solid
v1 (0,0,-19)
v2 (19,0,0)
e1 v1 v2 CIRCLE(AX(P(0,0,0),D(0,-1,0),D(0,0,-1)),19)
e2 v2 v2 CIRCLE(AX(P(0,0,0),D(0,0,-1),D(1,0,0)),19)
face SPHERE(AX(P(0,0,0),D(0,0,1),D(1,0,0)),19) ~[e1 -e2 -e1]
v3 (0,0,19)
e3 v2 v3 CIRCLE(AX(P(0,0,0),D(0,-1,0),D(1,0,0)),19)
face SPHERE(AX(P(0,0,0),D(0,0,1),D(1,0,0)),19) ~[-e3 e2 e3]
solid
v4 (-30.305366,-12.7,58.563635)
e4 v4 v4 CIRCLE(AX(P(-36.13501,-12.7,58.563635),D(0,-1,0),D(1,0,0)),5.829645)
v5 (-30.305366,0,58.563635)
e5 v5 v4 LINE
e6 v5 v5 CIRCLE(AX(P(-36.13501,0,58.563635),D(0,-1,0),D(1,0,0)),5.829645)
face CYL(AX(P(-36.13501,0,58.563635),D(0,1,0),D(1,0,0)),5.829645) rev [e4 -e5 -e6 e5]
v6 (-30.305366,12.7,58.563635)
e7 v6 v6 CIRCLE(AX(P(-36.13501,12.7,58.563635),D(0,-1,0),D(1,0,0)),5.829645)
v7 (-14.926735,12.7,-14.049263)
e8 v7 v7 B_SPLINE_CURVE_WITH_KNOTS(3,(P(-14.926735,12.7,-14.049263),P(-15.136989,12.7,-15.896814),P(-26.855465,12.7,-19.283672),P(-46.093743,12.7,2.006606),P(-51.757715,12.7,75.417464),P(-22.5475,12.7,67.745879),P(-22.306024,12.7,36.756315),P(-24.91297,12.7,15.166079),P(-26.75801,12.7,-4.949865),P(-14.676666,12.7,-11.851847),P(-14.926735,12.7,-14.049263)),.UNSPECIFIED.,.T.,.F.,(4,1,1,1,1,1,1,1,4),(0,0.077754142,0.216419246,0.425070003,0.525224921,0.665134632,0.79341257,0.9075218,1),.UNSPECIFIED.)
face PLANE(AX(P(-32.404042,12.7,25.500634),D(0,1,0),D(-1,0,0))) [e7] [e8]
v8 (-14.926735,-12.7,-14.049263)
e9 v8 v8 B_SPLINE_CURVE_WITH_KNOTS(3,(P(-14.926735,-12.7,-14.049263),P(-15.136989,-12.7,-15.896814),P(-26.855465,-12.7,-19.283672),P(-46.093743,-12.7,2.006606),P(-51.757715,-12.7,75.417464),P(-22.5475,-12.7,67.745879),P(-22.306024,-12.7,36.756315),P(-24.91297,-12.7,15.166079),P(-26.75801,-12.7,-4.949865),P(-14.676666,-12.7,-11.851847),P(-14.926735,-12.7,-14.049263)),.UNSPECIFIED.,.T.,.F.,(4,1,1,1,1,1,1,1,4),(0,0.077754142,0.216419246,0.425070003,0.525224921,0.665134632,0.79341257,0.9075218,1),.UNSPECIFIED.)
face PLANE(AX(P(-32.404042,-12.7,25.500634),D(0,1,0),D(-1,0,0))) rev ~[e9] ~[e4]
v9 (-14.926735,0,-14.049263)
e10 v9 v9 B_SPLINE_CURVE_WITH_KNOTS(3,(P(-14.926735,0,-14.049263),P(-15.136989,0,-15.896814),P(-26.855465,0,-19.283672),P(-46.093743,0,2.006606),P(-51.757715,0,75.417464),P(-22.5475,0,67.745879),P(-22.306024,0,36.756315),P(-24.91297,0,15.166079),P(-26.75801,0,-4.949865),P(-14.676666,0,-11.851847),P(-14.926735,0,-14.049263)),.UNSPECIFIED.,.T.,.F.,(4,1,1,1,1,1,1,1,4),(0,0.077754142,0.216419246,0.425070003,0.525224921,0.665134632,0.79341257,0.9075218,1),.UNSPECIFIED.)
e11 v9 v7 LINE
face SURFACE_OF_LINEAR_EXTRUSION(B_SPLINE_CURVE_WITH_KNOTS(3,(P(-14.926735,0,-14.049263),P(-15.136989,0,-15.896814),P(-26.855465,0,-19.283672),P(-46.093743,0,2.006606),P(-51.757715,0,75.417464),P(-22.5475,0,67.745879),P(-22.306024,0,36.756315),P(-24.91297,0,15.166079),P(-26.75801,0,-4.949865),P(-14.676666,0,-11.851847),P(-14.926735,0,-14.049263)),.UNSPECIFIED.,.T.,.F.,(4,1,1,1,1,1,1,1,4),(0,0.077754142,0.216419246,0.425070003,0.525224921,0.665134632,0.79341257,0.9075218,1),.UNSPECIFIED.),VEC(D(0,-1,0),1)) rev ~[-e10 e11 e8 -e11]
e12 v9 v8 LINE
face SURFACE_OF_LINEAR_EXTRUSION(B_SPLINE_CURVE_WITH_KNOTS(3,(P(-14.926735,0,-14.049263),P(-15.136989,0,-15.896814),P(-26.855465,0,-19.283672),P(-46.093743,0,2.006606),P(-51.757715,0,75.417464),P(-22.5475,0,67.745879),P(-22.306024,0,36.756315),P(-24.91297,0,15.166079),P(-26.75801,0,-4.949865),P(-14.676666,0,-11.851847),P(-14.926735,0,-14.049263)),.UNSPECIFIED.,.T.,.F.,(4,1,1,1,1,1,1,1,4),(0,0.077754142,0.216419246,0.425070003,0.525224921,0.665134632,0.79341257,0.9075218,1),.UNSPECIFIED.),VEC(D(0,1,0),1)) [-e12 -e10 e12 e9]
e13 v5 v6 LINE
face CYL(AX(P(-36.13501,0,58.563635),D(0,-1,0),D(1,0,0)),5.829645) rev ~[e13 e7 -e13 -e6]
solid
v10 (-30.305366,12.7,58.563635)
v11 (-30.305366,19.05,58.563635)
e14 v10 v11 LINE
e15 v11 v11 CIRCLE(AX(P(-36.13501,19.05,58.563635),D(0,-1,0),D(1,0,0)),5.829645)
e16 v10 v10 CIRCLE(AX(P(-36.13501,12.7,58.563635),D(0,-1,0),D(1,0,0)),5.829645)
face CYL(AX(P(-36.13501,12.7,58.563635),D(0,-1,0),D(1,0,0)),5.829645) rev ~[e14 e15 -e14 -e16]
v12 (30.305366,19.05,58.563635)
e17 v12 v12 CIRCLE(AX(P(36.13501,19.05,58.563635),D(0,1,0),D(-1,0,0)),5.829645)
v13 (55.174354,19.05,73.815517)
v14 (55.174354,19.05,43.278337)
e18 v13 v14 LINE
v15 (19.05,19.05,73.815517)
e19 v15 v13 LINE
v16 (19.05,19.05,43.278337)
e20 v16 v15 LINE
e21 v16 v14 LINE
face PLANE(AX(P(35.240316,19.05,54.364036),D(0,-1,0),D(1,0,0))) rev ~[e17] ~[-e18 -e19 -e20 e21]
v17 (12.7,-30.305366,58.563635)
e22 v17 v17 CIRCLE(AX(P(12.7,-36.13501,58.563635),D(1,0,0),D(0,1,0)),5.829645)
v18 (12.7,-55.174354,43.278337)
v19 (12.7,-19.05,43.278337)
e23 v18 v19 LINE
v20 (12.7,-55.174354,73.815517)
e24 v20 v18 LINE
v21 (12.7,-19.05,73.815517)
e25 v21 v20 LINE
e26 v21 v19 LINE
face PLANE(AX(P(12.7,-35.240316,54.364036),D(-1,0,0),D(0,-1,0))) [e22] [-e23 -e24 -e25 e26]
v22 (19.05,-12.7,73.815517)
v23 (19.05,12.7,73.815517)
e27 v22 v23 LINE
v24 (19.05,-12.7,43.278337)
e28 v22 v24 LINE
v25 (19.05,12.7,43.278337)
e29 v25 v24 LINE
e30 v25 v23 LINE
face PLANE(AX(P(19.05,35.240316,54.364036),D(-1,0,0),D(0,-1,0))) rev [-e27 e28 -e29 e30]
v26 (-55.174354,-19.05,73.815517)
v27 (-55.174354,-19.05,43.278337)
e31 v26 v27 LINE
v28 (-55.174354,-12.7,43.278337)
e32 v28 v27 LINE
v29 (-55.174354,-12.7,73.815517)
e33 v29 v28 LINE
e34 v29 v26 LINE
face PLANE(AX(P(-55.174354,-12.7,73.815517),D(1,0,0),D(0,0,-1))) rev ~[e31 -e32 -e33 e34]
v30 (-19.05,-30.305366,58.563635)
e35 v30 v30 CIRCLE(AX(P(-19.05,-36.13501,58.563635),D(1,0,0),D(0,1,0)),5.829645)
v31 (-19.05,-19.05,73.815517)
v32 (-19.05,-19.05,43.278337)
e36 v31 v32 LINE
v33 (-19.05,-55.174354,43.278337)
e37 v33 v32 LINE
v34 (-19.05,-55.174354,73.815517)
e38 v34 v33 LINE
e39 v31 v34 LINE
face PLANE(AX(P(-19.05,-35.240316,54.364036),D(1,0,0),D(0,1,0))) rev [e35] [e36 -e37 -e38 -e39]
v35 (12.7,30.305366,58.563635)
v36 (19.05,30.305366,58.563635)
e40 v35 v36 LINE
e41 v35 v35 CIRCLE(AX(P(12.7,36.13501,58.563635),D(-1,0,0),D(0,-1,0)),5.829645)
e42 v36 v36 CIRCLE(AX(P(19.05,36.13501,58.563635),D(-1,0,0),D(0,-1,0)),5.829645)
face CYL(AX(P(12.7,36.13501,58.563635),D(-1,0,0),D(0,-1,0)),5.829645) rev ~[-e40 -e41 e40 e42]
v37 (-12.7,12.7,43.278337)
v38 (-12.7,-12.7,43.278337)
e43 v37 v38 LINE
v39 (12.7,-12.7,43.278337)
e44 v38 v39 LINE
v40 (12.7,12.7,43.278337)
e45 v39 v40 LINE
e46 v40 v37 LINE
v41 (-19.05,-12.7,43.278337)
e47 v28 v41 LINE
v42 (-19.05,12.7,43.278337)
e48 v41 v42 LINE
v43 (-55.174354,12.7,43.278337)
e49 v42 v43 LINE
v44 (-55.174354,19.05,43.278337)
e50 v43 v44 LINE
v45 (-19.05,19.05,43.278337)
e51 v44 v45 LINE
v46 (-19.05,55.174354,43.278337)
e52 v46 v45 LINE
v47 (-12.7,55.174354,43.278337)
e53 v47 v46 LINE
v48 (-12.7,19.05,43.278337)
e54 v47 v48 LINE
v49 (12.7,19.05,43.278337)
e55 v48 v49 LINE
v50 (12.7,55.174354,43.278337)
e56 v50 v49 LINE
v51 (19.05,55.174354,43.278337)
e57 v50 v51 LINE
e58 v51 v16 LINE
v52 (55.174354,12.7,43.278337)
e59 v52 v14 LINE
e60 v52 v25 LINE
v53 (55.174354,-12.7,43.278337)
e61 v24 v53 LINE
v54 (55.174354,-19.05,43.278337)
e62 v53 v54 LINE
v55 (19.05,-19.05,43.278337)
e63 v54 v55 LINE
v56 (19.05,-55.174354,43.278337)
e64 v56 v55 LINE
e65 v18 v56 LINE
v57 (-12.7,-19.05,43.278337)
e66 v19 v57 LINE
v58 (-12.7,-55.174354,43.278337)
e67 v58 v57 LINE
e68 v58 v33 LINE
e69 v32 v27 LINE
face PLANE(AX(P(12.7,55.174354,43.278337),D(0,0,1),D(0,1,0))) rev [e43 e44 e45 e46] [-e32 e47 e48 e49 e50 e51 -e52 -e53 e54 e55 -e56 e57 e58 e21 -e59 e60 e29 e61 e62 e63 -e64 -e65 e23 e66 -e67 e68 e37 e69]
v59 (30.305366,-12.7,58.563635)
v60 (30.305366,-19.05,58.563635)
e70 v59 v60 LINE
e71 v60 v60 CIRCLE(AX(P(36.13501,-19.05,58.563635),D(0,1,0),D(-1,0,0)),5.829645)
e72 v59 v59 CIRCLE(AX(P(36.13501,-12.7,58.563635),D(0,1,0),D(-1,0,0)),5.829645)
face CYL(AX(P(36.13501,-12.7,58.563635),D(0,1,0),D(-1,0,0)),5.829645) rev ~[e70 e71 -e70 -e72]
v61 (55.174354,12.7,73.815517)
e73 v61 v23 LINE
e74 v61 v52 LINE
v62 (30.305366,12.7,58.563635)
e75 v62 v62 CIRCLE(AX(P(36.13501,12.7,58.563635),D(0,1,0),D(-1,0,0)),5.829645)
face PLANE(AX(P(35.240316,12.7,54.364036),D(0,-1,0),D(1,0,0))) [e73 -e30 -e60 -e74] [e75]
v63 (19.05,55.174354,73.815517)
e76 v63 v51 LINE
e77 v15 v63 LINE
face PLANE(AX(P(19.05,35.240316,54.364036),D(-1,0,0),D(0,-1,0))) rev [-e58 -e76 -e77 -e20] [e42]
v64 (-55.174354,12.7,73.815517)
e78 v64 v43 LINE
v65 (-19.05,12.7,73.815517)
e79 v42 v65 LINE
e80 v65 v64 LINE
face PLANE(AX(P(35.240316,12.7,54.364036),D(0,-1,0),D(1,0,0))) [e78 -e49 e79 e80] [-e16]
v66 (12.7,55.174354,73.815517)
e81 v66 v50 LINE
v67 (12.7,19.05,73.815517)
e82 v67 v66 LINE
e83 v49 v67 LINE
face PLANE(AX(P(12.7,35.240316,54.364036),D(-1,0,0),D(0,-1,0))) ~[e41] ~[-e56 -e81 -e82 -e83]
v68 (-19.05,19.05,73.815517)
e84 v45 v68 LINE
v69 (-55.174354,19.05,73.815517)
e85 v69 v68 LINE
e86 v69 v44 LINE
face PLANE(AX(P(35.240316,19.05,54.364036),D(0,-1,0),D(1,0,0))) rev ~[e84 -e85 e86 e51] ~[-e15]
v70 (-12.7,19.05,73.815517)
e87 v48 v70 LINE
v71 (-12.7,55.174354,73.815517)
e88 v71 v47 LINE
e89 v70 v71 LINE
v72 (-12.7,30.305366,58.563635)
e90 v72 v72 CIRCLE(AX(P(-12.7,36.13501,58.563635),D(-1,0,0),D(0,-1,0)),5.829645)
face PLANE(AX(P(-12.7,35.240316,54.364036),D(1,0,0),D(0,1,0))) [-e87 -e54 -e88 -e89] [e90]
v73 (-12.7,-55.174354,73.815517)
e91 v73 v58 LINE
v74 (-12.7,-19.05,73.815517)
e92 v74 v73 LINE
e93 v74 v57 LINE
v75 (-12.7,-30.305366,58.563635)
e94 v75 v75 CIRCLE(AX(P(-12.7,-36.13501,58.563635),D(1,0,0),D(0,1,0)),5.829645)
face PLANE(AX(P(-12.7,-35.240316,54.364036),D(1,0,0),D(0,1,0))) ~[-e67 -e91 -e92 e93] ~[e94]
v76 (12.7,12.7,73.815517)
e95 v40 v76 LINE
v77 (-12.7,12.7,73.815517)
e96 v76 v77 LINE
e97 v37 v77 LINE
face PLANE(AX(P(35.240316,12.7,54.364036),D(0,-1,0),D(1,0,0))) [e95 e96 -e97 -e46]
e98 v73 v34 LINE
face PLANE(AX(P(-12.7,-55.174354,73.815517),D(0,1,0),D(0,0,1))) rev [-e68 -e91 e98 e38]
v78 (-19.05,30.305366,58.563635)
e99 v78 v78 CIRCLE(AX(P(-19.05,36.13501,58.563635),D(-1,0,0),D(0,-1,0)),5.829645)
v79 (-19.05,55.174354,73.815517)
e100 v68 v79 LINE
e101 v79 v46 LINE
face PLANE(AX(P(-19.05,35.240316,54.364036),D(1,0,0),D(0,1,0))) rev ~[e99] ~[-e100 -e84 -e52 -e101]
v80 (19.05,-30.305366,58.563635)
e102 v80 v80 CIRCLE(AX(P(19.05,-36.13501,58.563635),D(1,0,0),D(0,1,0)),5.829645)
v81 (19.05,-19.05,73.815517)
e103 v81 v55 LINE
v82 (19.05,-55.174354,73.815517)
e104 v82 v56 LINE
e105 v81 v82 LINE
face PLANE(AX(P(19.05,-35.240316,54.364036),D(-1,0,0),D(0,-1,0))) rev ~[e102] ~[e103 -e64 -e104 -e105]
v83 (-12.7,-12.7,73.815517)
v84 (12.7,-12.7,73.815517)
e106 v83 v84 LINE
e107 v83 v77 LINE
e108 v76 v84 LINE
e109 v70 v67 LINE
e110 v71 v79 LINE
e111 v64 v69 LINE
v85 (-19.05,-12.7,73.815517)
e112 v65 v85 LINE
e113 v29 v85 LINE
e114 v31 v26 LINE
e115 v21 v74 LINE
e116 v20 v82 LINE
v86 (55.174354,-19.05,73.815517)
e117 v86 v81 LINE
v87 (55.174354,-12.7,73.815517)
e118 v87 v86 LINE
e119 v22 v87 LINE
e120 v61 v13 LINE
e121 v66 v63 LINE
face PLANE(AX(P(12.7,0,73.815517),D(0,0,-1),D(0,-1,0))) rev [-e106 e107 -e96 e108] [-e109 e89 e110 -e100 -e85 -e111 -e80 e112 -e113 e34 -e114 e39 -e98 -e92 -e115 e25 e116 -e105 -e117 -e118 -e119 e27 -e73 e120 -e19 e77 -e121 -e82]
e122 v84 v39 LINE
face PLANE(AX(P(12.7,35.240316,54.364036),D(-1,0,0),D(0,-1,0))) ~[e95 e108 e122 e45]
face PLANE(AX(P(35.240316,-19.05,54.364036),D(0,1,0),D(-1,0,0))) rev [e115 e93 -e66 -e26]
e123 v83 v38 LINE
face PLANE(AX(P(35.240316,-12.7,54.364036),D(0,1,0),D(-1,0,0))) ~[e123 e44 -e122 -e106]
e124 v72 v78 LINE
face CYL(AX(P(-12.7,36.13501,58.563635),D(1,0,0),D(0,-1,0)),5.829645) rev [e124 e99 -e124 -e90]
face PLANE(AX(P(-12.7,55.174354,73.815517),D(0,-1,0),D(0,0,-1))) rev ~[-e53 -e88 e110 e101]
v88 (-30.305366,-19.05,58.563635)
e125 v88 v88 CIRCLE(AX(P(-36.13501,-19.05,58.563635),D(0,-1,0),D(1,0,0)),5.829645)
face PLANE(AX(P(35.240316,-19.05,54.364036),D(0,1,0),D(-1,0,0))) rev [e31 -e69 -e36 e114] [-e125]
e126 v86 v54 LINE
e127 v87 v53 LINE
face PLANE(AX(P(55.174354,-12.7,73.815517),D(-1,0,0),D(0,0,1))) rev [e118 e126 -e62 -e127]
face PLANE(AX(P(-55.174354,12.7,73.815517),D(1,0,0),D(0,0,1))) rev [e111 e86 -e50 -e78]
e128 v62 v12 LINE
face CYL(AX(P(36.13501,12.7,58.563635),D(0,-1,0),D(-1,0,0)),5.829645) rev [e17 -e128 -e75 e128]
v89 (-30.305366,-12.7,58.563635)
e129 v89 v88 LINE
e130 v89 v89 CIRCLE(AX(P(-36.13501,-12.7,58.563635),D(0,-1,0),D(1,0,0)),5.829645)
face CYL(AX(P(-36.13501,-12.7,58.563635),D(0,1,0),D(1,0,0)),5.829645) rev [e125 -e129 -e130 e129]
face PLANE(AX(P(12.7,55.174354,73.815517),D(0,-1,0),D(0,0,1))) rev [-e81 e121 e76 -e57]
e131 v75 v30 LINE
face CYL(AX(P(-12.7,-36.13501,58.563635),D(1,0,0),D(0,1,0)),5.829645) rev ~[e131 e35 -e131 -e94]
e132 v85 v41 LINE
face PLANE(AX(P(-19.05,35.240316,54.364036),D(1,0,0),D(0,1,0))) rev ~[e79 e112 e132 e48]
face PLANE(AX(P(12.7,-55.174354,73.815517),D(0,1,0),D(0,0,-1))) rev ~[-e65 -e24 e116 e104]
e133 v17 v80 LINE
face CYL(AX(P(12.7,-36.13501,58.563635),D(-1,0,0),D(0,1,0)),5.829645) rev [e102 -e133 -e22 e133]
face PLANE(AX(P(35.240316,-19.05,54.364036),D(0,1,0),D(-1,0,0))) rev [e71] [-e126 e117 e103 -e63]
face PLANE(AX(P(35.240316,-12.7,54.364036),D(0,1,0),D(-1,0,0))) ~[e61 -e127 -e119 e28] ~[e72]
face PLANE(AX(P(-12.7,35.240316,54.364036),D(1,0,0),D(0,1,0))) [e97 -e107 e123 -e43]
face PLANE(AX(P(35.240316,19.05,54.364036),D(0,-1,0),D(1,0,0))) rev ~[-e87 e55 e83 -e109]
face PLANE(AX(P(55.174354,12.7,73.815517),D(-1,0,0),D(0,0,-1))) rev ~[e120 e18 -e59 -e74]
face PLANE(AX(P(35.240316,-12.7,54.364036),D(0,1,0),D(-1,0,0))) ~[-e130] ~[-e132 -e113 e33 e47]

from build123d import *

# Parameters (mm, degrees)
F0_R     = 5.8296448985
F1_DEPTH = 12.7
F2_R     = 5.8296448985
F3_DEPTH = 6.35
F7_COUNT = 2
F7_ANGLE = 90


with BuildPart() as f1:
    # F0 (on Front) → F1 (new body, symmetric)
    with BuildSketch(Plane.XZ):
        with BuildLine():
            add(Edge.make_bspline(
                [(-14.9267353117, -14.0492627397), (-15.1369891049, -15.8968136043), (-26.8554645993, -19.2836718024), (-46.0937428118, 2.0066059776), (-51.757714941, 75.4174640139), (-22.5475000687, 67.7458792627), (-22.3060240213, 36.7563149765), (-24.9129702367, 15.166078863), (-26.7580104562, -4.9498647082), (-14.6766664174, -11.8518469641), (-14.9267353117, -14.0492627397)],
                knots=[0, 0, 0, 0, 0.077754142, 0.216419246, 0.4250700026, 0.5252249213, 0.6651346324, 0.7934125701, 0.9075218001, 1, 1, 1, 1], degree=3))
        make_face()
        with Locations((-36.1350104213, 58.5636347532)):
            Circle(F0_R, mode=Mode.SUBTRACT)
    extrude(amount=F1_DEPTH, both=True)


with BuildPart() as f3:
    # F2 (on face) → F3 (new body)
    with BuildSketch(Plane.XZ.offset(12.7)):
        with BuildLine():
            add(Edge.make_bspline(
                [(-47.3615958259, 43.278336525), (-47.511157861, 54.2378085352), (-44.4363155096, 73.494618308), (-24.2056264827, 68.181359021), (-22.5976763045, 51.6534360202), (-22.6787549296, 43.278336525)],
                knots=[0.3288875927, 0.3288875927, 0.3288875927, 0.3288875927, 0.4250700026, 0.5252249213, 0.6396631719, 0.6396631719, 0.6396631719, 0.6396631719], degree=3))
            Line((-47.3615958259, 43.278336525), (-22.6787549296, 43.278336525))
        make_face()
        with Locations((-36.1350104213, 58.5636347532)):
            Circle(F2_R, mode=Mode.SUBTRACT)
        with BuildLine():
            Line((0, 73.8155171275), (-55.1743544638, 73.8155171275))
            Line((-55.1743544638, 73.8155171275), (-55.1743544638, 43.278336525))
            Line((-55.1743544638, 43.278336525), (-47.3615958259, 43.278336525))
            add(Edge.make_bspline(
                [(-47.3615958259, 43.278336525), (-47.511157861, 54.2378085352), (-44.4363155096, 73.494618308), (-24.2056264827, 68.181359021), (-22.5976763045, 51.6534360202), (-22.6787549296, 43.278336525)],
                knots=[0.3288875927, 0.3288875927, 0.3288875927, 0.3288875927, 0.4250700026, 0.5252249213, 0.6396631719, 0.6396631719, 0.6396631719, 0.6396631719], degree=3))
            Line((-22.6787549296, 43.278336525), (0, 43.278336525))
            Line((0, 43.278336525), (0, 73.8155171275))
        make_face()
    extrude(amount=F3_DEPTH)


with BuildPart() as f4_1:
    # F4: instance of F3
    add(f3.part.mirror(Plane.XZ))


with BuildPart() as f5_1:
    # F5: instance of F4_1
    add(f4_1.part.mirror(Plane.YZ))


with BuildPart() as f5_2:
    # F5: instance of F3
    add(f3.part.mirror(Plane.YZ))


with BuildPart() as f3_1:
    add(f3.part)

    add(f4_1.part)  # F7 merges F4_1

    add(f5_1.part)  # F7 merges F5_1

    add(f5_2.part)  # F7 merges F5_2
    # F7: F3, F4_1, F5_1, F5_2 ×2 about axis
    f7_axis = Axis((0, 0, 29.4775608927), (0, 0, 1))
    for i in range(1, F7_COUNT):
        add(f3.part.rotate(f7_axis, i * F7_ANGLE / (F7_COUNT - 1)))
        add(f4_1.part.rotate(f7_axis, i * F7_ANGLE / (F7_COUNT - 1)))
        add(f5_1.part.rotate(f7_axis, i * F7_ANGLE / (F7_COUNT - 1)))
        add(f5_2.part.rotate(f7_axis, i * F7_ANGLE / (F7_COUNT - 1)))


with BuildPart() as f9:
    # F8 (on Front) → F9 (revolve)
    with BuildSketch(Plane.XZ):
        with BuildLine():
            ThreePointArc((0, -19), (13.4350288425, -13.4350288425), (19, 0))
            ThreePointArc((19, 0), (13.4350288425, 13.4350288425), (0, 19))
            Line((0, 19), (0, -19))
        make_face()
    revolve(axis=Axis((0, 0, 0), (0, 0, -1)))


solid = Compound([f1.part, f3_1.part, f9.part])
